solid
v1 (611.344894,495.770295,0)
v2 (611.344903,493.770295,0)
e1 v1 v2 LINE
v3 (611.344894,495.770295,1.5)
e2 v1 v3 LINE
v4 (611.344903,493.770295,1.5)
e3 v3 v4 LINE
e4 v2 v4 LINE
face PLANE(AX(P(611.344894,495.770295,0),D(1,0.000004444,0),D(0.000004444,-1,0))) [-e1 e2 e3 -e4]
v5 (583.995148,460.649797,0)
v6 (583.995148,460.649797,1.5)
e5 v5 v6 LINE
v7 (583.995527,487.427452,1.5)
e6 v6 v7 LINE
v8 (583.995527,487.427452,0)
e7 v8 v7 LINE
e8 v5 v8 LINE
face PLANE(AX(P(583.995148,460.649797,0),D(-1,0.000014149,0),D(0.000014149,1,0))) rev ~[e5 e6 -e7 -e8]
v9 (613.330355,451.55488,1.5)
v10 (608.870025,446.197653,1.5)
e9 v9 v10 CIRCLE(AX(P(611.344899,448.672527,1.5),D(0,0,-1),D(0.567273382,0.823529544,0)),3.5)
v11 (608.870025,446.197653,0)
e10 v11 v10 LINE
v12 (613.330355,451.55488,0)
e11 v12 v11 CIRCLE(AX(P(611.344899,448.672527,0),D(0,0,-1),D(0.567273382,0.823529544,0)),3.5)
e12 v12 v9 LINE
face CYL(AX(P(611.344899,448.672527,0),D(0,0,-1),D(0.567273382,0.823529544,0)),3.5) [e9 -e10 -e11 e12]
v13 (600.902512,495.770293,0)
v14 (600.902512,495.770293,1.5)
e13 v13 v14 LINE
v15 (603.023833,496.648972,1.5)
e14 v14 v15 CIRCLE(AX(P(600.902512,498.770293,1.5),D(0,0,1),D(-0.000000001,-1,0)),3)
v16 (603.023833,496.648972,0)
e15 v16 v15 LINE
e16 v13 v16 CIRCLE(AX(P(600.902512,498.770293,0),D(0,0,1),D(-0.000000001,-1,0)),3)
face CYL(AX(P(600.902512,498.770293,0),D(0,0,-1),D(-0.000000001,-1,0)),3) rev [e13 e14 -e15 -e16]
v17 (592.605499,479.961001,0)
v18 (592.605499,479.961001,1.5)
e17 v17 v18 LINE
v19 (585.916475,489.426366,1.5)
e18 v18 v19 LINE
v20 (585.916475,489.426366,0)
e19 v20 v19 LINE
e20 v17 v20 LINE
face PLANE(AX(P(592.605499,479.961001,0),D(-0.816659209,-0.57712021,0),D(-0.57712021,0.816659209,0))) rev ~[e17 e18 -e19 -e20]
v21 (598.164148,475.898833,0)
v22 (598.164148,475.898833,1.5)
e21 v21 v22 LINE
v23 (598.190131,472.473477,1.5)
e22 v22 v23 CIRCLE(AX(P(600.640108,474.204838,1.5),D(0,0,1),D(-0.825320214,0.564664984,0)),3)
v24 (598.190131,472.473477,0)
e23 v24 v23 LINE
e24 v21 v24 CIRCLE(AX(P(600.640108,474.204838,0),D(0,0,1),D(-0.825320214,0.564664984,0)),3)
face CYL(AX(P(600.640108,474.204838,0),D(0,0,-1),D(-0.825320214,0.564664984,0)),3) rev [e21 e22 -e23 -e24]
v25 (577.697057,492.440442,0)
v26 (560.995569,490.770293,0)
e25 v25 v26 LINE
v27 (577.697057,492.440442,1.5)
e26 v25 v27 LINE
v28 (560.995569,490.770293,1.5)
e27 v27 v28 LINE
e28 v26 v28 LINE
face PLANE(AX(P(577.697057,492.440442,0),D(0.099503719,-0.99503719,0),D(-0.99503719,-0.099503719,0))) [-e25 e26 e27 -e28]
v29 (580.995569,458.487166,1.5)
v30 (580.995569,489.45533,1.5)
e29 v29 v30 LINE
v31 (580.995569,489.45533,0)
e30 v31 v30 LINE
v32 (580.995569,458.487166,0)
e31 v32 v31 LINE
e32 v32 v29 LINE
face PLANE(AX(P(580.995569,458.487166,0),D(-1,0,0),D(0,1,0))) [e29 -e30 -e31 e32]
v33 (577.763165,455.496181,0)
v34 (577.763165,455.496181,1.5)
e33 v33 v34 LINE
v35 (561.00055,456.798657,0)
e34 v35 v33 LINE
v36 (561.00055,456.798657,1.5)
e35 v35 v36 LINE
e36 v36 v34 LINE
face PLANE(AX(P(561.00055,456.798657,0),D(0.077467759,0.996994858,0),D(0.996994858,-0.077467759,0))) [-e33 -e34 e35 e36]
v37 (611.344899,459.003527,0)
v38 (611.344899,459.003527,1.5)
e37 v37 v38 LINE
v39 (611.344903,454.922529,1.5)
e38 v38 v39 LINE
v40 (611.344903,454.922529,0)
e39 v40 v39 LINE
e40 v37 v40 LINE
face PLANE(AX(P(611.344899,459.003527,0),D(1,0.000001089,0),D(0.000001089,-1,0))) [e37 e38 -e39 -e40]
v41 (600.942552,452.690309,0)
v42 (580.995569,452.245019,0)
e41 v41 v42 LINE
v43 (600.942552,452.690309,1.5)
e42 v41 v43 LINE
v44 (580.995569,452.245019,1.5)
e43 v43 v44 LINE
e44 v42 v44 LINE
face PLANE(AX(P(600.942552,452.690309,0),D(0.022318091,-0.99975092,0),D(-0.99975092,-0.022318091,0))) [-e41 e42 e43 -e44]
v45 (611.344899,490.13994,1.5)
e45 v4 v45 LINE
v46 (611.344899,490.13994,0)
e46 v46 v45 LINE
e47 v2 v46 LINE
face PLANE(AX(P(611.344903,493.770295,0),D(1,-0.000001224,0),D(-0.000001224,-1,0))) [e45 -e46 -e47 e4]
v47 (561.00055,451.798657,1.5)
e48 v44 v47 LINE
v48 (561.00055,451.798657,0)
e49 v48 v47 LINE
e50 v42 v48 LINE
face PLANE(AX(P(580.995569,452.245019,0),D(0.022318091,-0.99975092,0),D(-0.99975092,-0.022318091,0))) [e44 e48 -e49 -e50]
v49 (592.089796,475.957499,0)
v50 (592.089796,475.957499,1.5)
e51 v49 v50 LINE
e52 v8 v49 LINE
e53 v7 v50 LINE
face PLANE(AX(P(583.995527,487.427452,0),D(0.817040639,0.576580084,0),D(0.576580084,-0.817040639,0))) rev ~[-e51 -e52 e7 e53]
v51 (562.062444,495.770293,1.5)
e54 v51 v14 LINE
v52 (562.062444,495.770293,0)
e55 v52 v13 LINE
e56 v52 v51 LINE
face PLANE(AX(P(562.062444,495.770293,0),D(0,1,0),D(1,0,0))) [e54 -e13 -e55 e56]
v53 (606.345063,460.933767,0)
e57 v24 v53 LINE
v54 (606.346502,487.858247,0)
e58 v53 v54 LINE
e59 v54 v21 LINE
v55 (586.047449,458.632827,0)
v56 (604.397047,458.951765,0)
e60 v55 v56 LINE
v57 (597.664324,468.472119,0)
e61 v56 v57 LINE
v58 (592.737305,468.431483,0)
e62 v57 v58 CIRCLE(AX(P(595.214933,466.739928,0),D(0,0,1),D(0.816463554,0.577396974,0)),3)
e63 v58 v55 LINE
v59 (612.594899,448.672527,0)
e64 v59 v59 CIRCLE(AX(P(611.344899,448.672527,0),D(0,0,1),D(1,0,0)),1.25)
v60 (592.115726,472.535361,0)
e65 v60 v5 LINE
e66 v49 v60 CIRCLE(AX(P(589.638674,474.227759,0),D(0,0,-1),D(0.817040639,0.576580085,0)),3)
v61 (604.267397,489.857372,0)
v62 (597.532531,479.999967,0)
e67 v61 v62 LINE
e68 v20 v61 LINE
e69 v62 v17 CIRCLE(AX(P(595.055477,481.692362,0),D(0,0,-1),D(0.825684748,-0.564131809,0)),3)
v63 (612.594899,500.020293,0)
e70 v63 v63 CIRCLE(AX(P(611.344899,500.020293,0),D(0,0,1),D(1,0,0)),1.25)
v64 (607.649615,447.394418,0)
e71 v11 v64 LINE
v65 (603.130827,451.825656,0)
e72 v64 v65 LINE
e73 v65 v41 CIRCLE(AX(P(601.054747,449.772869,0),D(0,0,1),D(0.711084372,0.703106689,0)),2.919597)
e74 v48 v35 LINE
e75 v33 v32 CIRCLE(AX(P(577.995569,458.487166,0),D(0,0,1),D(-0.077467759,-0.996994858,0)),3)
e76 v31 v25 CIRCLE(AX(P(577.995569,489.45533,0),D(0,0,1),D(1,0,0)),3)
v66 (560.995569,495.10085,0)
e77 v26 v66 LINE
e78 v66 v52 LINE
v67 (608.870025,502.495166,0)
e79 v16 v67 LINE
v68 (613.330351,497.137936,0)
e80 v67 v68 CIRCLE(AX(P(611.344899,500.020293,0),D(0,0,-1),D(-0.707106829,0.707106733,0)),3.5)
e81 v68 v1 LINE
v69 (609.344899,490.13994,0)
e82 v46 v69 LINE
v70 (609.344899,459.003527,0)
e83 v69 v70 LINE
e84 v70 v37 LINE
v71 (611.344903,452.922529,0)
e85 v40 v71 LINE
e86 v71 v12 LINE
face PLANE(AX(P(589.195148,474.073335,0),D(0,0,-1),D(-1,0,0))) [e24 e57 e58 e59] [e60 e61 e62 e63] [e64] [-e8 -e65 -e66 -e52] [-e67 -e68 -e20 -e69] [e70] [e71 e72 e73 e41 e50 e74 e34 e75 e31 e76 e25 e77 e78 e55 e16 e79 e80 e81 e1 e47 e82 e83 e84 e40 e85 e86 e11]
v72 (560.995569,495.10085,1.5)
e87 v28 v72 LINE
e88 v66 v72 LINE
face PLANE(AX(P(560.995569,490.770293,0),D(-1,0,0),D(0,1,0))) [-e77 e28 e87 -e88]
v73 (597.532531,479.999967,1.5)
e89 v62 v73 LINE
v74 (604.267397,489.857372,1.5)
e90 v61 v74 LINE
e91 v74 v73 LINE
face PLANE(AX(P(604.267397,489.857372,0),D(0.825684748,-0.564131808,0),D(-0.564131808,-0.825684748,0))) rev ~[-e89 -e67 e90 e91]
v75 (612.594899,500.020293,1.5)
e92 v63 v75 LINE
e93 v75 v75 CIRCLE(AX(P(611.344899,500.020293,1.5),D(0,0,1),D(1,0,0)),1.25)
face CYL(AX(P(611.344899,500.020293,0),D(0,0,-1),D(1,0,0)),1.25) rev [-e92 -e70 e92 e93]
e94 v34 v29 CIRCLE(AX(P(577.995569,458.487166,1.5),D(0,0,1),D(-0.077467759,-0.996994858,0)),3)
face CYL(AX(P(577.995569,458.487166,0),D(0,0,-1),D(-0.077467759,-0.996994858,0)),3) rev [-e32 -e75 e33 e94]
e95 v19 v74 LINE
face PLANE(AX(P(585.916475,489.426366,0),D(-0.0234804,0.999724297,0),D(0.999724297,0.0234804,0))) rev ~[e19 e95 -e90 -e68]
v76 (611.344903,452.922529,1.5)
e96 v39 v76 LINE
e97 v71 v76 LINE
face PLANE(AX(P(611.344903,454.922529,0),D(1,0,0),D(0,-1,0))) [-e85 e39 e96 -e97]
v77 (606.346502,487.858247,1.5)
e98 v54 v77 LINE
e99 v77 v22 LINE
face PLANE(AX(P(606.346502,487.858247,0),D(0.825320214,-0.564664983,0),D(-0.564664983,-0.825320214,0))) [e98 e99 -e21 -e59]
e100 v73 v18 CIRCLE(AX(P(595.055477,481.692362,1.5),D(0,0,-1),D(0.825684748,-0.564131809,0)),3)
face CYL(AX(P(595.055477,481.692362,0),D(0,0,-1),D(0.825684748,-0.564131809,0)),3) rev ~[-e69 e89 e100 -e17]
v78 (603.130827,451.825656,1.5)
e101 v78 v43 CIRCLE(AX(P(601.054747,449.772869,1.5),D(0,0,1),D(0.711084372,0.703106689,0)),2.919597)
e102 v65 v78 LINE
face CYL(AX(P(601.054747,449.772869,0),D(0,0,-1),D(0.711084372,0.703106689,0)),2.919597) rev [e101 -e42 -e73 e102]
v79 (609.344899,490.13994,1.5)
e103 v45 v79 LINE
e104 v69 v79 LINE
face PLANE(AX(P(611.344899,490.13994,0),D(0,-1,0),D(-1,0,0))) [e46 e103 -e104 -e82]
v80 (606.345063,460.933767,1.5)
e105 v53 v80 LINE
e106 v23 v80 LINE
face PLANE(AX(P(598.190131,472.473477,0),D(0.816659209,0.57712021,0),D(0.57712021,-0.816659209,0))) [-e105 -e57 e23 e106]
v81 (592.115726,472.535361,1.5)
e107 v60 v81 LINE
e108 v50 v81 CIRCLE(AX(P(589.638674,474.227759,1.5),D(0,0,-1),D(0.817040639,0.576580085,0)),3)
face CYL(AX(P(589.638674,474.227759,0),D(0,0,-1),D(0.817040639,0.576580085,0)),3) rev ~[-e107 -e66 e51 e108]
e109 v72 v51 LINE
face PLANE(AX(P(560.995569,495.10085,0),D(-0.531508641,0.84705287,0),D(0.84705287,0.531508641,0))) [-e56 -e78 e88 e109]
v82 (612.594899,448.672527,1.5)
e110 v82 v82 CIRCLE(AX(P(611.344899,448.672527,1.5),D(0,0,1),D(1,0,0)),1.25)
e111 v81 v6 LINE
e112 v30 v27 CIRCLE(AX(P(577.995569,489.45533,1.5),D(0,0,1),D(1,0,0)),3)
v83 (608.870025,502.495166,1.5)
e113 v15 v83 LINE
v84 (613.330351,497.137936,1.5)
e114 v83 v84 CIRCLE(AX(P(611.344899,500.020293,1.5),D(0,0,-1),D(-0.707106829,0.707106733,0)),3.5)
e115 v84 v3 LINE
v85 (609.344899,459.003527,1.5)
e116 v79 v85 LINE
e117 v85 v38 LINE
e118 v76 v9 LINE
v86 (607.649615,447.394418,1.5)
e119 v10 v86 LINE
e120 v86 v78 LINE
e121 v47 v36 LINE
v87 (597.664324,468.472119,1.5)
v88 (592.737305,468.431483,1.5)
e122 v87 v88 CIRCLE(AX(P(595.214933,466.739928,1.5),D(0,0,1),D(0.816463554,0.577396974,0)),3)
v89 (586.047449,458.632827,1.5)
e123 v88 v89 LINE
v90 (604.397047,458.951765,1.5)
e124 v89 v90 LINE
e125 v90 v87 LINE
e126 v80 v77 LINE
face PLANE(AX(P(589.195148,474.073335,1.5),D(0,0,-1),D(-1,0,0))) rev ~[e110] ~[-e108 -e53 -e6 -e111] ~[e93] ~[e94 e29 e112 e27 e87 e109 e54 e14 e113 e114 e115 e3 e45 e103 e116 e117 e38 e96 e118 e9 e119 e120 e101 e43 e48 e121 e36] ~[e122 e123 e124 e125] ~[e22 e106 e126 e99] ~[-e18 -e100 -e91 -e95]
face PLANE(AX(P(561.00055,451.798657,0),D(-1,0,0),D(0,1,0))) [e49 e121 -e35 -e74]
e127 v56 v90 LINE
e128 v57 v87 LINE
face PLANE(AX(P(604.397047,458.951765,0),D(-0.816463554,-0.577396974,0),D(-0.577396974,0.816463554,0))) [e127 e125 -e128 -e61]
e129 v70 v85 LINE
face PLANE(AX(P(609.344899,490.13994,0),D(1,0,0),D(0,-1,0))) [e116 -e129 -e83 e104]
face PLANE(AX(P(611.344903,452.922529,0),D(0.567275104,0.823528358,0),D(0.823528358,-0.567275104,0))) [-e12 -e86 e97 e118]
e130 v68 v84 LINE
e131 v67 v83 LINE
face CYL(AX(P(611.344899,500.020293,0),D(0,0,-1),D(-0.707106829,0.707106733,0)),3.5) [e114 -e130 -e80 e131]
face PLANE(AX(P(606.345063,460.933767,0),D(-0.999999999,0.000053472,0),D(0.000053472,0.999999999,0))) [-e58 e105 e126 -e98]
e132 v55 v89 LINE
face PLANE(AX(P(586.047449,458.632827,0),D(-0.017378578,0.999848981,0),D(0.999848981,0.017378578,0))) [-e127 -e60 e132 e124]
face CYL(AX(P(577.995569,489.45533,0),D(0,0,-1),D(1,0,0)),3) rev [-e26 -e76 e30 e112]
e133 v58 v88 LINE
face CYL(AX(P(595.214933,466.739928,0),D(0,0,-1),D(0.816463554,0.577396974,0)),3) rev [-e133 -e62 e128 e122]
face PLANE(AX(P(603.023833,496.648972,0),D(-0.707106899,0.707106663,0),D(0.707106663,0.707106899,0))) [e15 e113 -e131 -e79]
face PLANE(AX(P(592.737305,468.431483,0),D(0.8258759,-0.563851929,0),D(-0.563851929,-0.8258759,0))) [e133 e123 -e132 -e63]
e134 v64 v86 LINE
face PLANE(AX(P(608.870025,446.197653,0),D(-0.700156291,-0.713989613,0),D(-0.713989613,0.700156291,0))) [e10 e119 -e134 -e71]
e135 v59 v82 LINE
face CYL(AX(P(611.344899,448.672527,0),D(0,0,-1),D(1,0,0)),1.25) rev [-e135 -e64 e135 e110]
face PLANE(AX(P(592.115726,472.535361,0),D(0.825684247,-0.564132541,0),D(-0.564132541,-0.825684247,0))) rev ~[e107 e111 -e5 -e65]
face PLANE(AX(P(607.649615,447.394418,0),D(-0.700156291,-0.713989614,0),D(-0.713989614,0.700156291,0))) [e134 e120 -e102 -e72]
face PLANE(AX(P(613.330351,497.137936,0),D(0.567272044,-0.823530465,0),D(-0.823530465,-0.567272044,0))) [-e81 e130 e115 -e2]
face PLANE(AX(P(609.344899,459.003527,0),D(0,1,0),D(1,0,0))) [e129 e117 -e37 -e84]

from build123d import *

# Parameters (mm, degrees)
MODEL_R         = 1.25
EXTRUDE_1_DEPTH = 1.5


with BuildPart() as part:
    # Model → 凸台-拉伸1 (new body)
    with BuildSketch(Plane.XY):
        with BuildLine():
            Line((580.995568625, 495.770292788), (600.902512418, 495.770292788))
            ThreePointArc((600.902512418, 495.770292788), (602.050562715, 495.99865419), (603.023832761, 496.648972444))
            Line((603.023832761, 496.648972444), (608.87002472, 502.495166354))
            ThreePointArc((608.87002472, 502.495166354), (614.034668548, 502.25974311), (613.330350777, 497.137936158))
            Line((613.330350777, 497.137936158), (611.344894179, 495.770295165))
            Line((611.344894179, 495.770295165), (611.344903066, 493.770295165))
            Line((611.344903066, 493.770295165), (611.344898622, 490.139940091))
            Line((611.344898622, 490.139940091), (609.344898622, 490.139940091))
            Line((609.344898622, 490.139940091), (609.344898622, 459.003527023))
            Line((609.344898622, 459.003527023), (611.344898622, 459.003527023))
            Line((611.344898622, 459.003527023), (611.344903066, 454.922529401))
            Line((611.344903066, 454.922529401), (611.344903066, 452.922529401))
            Line((611.344903066, 452.922529401), (613.330355459, 451.554880428))
            ThreePointArc((613.330355459, 451.554880428), (614.034666789, 446.433074588), (608.870024851, 446.197653326))
            Line((608.870024851, 446.197653326), (607.649614702, 447.394418416))
            Line((607.649614702, 447.394418416), (603.130826548, 451.825656479))
            ThreePointArc((603.130826548, 451.825656479), (602.127647934, 452.488182187), (600.942551931, 452.690308661))
            Line((600.942551931, 452.690308661), (580.995568625, 452.245019157))
            Line((580.995568625, 452.245019157), (561.000550217, 451.798657335))
            Line((561.000550217, 451.798657335), (561.000550217, 456.798657335))
            Line((561.000550217, 456.798657335), (577.763165347, 455.496180974))
            ThreePointArc((577.763165347, 455.496180974), (580.033065884, 456.285210752), (580.995568625, 458.487165547))
            Line((580.995568625, 458.487165547), (580.995568625, 489.455330101))
            ThreePointArc((580.995568625, 489.455330101), (580.008584587, 491.679687702), (577.697057468, 492.440441672))
            Line((577.697057468, 492.440441672), (560.995568625, 490.770292788))
            Line((560.995568625, 490.770292788), (560.995568625, 495.100850038))
            Line((560.995568625, 495.100850038), (562.062443854, 495.770292788))
            Line((562.062443854, 495.770292788), (580.995568625, 495.770292788))
        make_face()
        with Locations((611.344898622, 500.020292788)):
            Circle(MODEL_R, mode=Mode.SUBTRACT)
        with Locations((611.344898622, 448.672527023)):
            Circle(MODEL_R, mode=Mode.SUBTRACT)
        with BuildLine():
            Line((585.91647506, 489.426366255), (604.267397119, 489.857372067))
            Line((604.267397119, 489.857372067), (597.532531309, 479.99996659))
            ThreePointArc((597.532531309, 479.99996659), (595.079201685, 478.692455827), (592.605499439, 479.961001386))
            Line((592.605499439, 479.961001386), (585.91647506, 489.426366255))
        make_face(mode=Mode.SUBTRACT)
        with BuildLine():
            Line((586.047448792, 458.632826912), (604.397047311, 458.951765009))
            Line((604.397047311, 458.951765009), (597.664323818, 468.47211859))
            ThreePointArc((597.664323818, 468.47211859), (595.190191772, 469.739825644), (592.737305457, 468.431483456))
            Line((592.737305457, 468.431483456), (586.047448792, 458.632826912))
        make_face(mode=Mode.SUBTRACT)
        with BuildLine():
            Line((583.99514789, 460.649796595), (583.995526777, 487.427452126))
            Line((583.995526777, 487.427452126), (592.089795546, 475.957499013))
            ThreePointArc((592.089795546, 475.957499013), (592.638587507, 474.250490234), (592.115726369, 472.535361137))
            Line((592.115726369, 472.535361137), (583.99514789, 460.649796595))
        make_face(mode=Mode.SUBTRACT)
        with BuildLine():
            Line((606.345062591, 460.933766521), (606.346502303, 487.858246923))
            Line((606.346502303, 487.858246923), (598.164147844, 475.898832518))
            ThreePointArc((598.164147844, 475.898832518), (597.640194793, 474.182081738), (598.190130861, 472.473476938))
            Line((598.190130861, 472.473476938), (606.345062591, 460.933766521))
        make_face(mode=Mode.SUBTRACT)
    extrude(amount=EXTRUDE_1_DEPTH)


solid = part.part
